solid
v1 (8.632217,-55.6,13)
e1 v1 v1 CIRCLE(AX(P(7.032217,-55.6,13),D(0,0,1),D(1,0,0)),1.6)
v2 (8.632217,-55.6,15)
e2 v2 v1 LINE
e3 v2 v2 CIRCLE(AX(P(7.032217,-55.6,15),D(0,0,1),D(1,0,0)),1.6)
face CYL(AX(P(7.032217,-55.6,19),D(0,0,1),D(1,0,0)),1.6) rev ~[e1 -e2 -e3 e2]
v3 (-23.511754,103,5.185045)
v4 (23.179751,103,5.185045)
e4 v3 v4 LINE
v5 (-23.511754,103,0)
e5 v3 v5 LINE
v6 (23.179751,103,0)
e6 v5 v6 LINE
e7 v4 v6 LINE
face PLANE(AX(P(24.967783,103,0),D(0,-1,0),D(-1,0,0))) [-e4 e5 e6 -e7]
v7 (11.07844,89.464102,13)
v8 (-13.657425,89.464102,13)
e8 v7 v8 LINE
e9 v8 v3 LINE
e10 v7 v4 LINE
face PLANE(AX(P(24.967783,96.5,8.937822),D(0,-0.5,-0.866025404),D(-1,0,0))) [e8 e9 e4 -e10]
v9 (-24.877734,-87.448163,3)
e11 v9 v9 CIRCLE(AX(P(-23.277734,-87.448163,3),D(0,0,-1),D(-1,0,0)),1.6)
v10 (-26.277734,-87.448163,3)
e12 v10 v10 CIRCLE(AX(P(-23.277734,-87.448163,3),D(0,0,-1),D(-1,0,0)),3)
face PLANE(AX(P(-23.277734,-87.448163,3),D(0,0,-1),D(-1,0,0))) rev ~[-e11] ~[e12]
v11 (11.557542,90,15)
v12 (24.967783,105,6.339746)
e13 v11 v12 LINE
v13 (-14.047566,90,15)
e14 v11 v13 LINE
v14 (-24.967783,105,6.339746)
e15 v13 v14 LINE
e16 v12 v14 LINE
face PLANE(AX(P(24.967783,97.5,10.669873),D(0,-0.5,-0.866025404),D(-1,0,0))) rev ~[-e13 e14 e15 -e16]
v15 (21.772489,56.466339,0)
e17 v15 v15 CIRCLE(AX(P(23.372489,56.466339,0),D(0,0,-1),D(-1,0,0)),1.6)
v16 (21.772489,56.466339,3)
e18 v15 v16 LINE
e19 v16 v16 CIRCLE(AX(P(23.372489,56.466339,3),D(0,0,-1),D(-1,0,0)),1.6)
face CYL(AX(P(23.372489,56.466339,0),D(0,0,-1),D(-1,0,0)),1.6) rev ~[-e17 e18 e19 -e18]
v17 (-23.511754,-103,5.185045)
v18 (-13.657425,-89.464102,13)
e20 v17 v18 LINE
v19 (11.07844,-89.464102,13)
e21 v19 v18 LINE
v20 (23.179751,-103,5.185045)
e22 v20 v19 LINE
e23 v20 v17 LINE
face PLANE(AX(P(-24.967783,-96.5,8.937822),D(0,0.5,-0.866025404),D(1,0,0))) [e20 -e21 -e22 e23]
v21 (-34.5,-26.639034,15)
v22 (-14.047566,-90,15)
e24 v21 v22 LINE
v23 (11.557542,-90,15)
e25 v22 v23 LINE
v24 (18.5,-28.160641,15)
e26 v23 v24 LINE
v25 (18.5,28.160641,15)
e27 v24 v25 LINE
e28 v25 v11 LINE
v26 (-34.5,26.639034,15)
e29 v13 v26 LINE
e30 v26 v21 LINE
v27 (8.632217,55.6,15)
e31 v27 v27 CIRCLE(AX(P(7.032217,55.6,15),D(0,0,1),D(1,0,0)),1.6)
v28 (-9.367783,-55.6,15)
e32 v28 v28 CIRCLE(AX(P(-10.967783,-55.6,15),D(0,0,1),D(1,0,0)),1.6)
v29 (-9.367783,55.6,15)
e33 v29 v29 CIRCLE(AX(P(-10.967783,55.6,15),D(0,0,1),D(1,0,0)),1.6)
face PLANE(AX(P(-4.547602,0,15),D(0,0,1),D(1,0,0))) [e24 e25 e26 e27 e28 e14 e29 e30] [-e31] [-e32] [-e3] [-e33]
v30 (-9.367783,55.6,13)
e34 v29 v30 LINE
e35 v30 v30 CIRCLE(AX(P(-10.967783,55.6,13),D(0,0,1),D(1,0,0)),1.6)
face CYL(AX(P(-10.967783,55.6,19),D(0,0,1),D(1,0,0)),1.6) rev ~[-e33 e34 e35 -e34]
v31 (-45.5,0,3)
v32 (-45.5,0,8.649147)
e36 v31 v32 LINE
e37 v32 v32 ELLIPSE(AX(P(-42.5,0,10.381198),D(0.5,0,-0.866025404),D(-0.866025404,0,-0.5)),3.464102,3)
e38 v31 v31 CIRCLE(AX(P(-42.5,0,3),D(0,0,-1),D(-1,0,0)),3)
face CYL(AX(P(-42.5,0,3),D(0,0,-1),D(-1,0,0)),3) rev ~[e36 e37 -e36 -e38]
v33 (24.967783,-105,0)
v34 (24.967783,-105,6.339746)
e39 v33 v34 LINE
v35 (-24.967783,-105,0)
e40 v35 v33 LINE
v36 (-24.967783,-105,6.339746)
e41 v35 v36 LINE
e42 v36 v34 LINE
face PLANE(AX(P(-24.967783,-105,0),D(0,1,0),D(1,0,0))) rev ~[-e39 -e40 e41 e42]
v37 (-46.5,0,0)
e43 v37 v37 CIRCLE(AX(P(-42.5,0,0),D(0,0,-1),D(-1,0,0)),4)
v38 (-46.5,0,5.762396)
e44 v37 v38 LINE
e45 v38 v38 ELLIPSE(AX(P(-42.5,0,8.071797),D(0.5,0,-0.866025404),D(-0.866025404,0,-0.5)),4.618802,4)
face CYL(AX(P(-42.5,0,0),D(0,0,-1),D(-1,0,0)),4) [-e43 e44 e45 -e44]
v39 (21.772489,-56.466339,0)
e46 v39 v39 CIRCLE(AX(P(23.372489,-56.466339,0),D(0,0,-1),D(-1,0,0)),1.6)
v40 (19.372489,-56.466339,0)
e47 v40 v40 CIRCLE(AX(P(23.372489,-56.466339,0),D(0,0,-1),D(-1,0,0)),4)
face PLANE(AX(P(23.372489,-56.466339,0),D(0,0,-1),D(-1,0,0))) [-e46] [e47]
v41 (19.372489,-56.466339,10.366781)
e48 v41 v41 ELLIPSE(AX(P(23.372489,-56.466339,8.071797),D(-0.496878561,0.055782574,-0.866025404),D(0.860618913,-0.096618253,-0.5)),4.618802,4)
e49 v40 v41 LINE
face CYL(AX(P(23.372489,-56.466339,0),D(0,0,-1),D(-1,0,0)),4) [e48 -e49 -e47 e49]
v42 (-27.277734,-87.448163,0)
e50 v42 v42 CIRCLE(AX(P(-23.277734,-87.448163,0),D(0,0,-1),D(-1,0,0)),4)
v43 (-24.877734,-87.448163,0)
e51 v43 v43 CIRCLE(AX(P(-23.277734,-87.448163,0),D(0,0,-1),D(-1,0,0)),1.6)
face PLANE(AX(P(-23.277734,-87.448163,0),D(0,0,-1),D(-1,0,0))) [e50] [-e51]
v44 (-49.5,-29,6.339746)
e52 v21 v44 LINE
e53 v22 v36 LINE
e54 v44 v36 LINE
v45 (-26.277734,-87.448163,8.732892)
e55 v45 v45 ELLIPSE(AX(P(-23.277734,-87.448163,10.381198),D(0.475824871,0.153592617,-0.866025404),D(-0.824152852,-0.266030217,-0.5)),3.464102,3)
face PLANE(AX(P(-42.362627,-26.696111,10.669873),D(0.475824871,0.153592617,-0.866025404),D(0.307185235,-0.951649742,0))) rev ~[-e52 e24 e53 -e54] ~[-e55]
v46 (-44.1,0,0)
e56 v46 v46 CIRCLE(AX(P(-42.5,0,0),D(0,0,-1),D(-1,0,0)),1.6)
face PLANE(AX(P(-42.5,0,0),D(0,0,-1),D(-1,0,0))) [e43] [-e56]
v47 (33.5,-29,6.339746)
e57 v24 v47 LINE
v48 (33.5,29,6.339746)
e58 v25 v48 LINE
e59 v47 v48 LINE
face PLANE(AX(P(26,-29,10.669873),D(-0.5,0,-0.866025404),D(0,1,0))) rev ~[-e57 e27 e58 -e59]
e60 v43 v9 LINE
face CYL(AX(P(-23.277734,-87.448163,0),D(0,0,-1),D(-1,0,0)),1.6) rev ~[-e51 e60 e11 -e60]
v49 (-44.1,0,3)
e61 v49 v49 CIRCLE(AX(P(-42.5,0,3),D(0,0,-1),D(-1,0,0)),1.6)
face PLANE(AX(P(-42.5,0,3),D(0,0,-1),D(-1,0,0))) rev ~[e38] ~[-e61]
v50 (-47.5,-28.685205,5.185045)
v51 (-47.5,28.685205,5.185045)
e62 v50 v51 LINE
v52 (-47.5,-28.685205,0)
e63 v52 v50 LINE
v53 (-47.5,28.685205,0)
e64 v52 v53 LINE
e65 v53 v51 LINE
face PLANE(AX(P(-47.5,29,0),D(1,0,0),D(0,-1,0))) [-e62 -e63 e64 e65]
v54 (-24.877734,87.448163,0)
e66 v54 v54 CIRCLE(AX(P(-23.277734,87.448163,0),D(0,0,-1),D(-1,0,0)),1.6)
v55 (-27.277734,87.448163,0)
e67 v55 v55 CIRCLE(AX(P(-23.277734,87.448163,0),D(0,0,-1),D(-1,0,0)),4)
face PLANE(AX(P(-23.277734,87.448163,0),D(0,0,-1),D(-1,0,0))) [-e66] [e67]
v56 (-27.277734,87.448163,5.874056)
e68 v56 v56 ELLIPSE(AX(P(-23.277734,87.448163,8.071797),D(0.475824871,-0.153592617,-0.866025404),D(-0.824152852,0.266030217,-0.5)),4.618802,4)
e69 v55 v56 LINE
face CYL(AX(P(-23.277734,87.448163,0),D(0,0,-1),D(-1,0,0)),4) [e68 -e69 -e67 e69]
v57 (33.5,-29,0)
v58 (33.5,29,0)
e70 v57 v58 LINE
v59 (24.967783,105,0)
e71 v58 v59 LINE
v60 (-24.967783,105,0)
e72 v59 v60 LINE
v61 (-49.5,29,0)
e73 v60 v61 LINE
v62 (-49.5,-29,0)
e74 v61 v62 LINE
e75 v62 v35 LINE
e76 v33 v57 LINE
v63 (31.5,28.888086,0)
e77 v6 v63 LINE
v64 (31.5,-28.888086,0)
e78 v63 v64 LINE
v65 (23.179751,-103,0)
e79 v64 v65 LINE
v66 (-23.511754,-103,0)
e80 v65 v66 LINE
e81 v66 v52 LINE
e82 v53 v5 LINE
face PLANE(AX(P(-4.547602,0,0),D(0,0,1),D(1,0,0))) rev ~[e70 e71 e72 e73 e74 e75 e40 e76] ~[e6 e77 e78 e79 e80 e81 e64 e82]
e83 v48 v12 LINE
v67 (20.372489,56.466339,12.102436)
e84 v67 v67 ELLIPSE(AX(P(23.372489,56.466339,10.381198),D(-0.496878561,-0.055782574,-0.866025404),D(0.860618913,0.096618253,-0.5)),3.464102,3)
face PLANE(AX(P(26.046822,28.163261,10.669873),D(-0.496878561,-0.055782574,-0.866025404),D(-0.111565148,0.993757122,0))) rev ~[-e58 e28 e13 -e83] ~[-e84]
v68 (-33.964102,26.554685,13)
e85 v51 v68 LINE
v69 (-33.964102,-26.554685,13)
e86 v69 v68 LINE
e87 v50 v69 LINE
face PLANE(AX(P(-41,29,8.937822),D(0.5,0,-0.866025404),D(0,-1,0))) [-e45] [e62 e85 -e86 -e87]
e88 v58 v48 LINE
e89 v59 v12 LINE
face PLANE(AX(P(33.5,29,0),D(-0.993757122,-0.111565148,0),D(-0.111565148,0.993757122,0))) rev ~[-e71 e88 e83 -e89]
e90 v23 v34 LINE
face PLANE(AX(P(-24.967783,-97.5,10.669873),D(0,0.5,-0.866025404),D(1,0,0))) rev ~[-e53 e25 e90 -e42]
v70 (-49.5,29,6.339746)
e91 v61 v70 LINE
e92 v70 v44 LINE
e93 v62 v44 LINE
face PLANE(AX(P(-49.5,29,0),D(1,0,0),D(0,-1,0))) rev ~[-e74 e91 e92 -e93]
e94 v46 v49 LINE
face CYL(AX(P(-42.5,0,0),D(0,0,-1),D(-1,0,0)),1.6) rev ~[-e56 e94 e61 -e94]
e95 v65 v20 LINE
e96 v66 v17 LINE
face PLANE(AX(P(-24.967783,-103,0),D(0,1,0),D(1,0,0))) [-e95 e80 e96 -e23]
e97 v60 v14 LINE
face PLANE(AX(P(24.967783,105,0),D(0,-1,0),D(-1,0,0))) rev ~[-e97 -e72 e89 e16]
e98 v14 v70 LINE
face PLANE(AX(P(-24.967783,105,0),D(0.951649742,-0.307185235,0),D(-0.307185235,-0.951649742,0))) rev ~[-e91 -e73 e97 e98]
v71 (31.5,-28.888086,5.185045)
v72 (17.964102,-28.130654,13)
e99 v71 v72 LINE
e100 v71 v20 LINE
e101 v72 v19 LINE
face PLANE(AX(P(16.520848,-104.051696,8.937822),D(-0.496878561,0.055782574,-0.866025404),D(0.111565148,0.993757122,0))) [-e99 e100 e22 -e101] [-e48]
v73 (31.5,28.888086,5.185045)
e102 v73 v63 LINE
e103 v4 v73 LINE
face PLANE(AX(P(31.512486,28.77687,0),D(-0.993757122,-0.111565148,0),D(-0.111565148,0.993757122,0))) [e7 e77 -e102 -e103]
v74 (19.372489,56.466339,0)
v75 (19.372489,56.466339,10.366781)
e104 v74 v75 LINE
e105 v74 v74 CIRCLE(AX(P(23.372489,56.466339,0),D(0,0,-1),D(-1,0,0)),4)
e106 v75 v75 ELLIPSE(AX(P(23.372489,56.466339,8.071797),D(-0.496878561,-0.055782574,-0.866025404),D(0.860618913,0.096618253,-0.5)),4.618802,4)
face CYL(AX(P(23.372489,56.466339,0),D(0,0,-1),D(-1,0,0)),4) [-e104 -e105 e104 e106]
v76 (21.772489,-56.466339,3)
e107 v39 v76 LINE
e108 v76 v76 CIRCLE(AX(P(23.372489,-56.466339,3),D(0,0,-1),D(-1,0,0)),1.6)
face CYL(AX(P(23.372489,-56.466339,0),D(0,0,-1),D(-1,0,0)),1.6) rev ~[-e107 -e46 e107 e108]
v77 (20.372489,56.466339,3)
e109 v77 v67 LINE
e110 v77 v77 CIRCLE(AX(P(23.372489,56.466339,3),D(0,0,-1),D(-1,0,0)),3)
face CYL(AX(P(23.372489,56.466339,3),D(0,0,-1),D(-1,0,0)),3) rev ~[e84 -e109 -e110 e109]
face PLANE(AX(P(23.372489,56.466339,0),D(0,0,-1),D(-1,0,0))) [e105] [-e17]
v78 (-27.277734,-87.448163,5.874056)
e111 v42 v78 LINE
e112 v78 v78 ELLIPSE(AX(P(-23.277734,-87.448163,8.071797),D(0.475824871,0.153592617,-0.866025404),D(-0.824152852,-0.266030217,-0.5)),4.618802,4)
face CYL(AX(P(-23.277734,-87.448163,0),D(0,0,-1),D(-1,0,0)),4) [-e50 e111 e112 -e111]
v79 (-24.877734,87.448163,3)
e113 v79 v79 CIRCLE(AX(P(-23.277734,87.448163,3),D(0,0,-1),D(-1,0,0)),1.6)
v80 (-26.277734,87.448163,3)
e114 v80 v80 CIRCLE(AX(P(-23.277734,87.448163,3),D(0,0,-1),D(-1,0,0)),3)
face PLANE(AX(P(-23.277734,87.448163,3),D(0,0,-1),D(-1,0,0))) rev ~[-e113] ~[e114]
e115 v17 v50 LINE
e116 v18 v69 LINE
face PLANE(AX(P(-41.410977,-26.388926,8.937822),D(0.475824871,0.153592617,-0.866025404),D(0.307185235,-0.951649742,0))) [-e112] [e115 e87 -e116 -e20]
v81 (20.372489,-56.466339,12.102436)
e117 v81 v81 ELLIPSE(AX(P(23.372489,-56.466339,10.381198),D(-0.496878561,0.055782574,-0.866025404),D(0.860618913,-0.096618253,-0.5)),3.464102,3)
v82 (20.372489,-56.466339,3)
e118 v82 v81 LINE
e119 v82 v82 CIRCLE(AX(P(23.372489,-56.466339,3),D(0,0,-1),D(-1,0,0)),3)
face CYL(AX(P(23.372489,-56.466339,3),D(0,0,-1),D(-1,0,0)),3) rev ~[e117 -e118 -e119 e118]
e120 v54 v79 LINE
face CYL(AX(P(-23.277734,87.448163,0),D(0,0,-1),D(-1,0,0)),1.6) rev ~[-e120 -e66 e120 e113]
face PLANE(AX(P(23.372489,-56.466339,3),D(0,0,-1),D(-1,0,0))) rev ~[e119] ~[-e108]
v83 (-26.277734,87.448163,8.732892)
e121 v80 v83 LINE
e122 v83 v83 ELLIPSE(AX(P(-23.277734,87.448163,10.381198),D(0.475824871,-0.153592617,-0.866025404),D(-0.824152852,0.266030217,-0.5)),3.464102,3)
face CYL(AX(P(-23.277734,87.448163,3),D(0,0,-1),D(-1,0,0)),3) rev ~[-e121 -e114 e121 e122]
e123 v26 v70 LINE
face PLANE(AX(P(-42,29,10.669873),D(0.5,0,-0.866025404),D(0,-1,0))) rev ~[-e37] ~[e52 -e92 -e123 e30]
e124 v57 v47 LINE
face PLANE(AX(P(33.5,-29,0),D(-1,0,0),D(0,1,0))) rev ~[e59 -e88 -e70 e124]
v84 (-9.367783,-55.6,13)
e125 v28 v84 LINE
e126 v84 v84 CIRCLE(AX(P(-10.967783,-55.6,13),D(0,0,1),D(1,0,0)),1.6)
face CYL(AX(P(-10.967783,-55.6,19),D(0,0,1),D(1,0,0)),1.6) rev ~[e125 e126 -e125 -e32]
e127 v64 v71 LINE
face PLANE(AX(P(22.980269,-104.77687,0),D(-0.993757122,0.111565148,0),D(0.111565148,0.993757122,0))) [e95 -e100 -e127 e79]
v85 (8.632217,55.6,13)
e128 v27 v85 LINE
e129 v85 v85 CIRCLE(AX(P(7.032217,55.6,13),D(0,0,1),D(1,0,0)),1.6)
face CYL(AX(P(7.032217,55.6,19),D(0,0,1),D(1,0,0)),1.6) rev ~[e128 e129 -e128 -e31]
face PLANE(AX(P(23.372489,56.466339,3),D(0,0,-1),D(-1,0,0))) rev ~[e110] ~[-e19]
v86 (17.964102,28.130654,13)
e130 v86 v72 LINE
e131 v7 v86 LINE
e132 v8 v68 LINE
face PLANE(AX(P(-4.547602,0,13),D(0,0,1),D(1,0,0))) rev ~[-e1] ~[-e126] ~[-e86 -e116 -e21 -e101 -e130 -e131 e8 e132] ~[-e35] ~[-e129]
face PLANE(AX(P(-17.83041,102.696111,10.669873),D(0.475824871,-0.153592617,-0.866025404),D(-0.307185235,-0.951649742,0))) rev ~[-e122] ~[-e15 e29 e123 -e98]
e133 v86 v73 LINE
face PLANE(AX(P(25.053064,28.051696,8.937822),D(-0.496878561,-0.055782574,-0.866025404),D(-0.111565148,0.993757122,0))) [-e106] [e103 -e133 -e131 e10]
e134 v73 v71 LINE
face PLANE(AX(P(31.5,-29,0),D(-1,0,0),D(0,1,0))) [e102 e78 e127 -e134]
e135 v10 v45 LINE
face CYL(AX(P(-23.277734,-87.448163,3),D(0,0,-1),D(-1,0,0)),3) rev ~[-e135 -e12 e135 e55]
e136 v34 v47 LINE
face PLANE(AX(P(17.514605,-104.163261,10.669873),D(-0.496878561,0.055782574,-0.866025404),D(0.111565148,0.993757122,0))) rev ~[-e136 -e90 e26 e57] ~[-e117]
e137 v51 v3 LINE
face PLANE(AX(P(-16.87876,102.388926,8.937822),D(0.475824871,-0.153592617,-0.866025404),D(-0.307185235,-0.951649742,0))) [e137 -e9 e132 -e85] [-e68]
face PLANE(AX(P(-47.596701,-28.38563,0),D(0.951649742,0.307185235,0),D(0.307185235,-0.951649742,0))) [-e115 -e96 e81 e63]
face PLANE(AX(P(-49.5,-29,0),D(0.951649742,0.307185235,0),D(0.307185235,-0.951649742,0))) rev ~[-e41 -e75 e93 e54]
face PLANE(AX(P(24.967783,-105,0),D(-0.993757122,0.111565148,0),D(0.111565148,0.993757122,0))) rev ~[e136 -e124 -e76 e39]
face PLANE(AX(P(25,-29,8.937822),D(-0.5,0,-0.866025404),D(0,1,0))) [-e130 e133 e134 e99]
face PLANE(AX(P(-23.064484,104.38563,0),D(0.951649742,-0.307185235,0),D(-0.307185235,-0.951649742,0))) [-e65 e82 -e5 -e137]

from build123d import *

# Parameters (mm, degrees)
EXTRUDE1_DEPTH     = 15
CHAMFER1_SIZE      = 15
CHAMFER1_SIZE2     = 8.660254038
SHELL1_T           = -2
EXTRUDE2_REACH     = 119.048
SKETCH2_R          = 4
SKETCH2_R_2        = 1.6
SKETCH3_R          = 3
CUT_EXTRUDE1_DEPTH = 15
SKETCH5_R          = 1.6
CUT_EXTRUDE2_DEPTH = 20


with BuildPart() as part:
    # Sketch1 → Extrude1 (new body)
    with BuildSketch(Plane.XY):
        Polygon((-24.967783135, 105), (-49.5, 29), (-49.5, -29), (-24.967783135, -105), (24.967783135, -105), (33.5, -29), (33.5, 29), (24.967783135, 105), align=None)
    extrude(amount=EXTRUDE1_DEPTH)

    # Chamfer1
    chamfer1_edges = [part.edges().sort_by_distance(p)[0] for p in [
        (-49.5, 0, 15),
        (-37.233891568, -67, 15),
        (0, -105, 15),
        (29.233891568, -67, 15),
        (33.5, 0, 15),
        (29.233891568, 67, 15),
        (0, 105, 15),
        (-37.233891568, 67, 15),
    ]]
    chamfer1_side = [part.faces().sort_by_distance(p)[0] for p in [
        (-5.515477183, 0, 15),
    ]]
    chamfer(chamfer1_edges, length=CHAMFER1_SIZE, length2=CHAMFER1_SIZE2, reference=chamfer1_side[0])

    # Shell1
    shell1_openings = [part.faces().sort_by_distance(p)[0] for p in [
        (-5.515477183, 0, 0),
    ]]
    offset(amount=SHELL1_T, openings=shell1_openings, kind=Kind.INTERSECTION)

    # Sketch2 → Extrude2 (add, up to next)
    with BuildSketch(Plane(origin=(0, 0, 0), x_dir=(-1, 0, 0), z_dir=(0, 0, -1)), mode=Mode.PRIVATE) as extrude2_sk1:
        with Locations((23.2777341, 87.448162672)):
            Circle(SKETCH2_R)
        with Locations((23.2777341, 87.448162672)):
            Circle(SKETCH2_R_2, mode=Mode.SUBTRACT)
    extrude2_tool1 = extrude(extrude2_sk1.sketch, amount=-EXTRUDE2_REACH, mode=Mode.PRIVATE) - part.part
    # Sketch2 → Extrude2 (add, up to next)
    with BuildSketch(Plane(origin=(0, 0, 0), x_dir=(-1, 0, 0), z_dir=(0, 0, -1)), mode=Mode.PRIVATE) as extrude2_sk2:
        with Locations((-23.372488986, 56.466339116)):
            Circle(SKETCH2_R)
        with Locations((-23.372488986, 56.466339116)):
            Circle(SKETCH2_R_2, mode=Mode.SUBTRACT)
    extrude2_tool2 = extrude(extrude2_sk2.sketch, amount=-EXTRUDE2_REACH, mode=Mode.PRIVATE) - part.part
    # Sketch2 → Extrude2 (add, up to next)
    with BuildSketch(Plane(origin=(0, 0, 0), x_dir=(-1, 0, 0), z_dir=(0, 0, -1)), mode=Mode.PRIVATE) as extrude2_sk3:
        with Locations((42.5, 0)):
            Circle(SKETCH2_R)
        with Locations((42.5, 0)):
            Circle(SKETCH2_R_2, mode=Mode.SUBTRACT)
    extrude2_tool3 = extrude(extrude2_sk3.sketch, amount=-EXTRUDE2_REACH, mode=Mode.PRIVATE) - part.part
    # Sketch2 → Extrude2 (add, up to next)
    with BuildSketch(Plane(origin=(0, 0, 0), x_dir=(-1, 0, 0), z_dir=(0, 0, -1)), mode=Mode.PRIVATE) as extrude2_sk4:
        with Locations((-23.372488986, -56.466339116)):
            Circle(SKETCH2_R)
        with Locations((-23.372488986, -56.466339116)):
            Circle(SKETCH2_R_2, mode=Mode.SUBTRACT)
    extrude2_tool4 = extrude(extrude2_sk4.sketch, amount=-EXTRUDE2_REACH, mode=Mode.PRIVATE) - part.part
    # Sketch2 → Extrude2 (add, up to next)
    with BuildSketch(Plane(origin=(0, 0, 0), x_dir=(-1, 0, 0), z_dir=(0, 0, -1)), mode=Mode.PRIVATE) as extrude2_sk5:
        with Locations((23.2777341, -87.448162672)):
            Circle(SKETCH2_R)
        with Locations((23.2777341, -87.448162672)):
            Circle(SKETCH2_R_2, mode=Mode.SUBTRACT)
    extrude2_tool5 = extrude(extrude2_sk5.sketch, amount=-EXTRUDE2_REACH, mode=Mode.PRIVATE) - part.part
    add(extrude2_tool1.solids().sort_by_distance((-19.390871, 87.448163, 0))[0])
    add(extrude2_tool2.solids().sort_by_distance((27.259352, 56.466339, 0))[0])
    add(extrude2_tool3.solids().sort_by_distance((-38.613137, 0, 0))[0])
    add(extrude2_tool4.solids().sort_by_distance((27.259352, -56.466339, 0))[0])
    add(extrude2_tool5.solids().sort_by_distance((-19.390871, -87.448163, 0))[0])

    # Sketch3 → Cut-Extrude1 (cut)
    with BuildSketch(Plane(origin=(0, 0, 3), x_dir=(-1, 0, 0), z_dir=(0, 0, -1))):
        with Locations((23.2777341, 87.448162672)):
            Circle(SKETCH3_R)
        with Locations((-23.372488986, 56.466339116)):
            Circle(SKETCH3_R)
        with Locations((-23.372488986, -56.466339116)):
            Circle(SKETCH3_R)
        with Locations((23.2777341, -87.448162672)):
            Circle(SKETCH3_R)
        with Locations((42.5, 0)):
            Circle(SKETCH3_R)
    extrude(amount=-CUT_EXTRUDE1_DEPTH, mode=Mode.SUBTRACT)

    # Sketch5 → Cut-Extrude2 (cut)
    with BuildSketch(Plane.XY.offset(19)):
        with Locations((-10.967783135, 55.6)):
            Circle(SKETCH5_R)
        with Locations((7.032216865, 55.6)):
            Circle(SKETCH5_R)
        with Locations((7.032216865, -55.6)):
            Circle(SKETCH5_R)
        with Locations((-10.967783135, -55.6)):
            Circle(SKETCH5_R)
    extrude(amount=-CUT_EXTRUDE2_DEPTH, mode=Mode.SUBTRACT)


solid = part.part
